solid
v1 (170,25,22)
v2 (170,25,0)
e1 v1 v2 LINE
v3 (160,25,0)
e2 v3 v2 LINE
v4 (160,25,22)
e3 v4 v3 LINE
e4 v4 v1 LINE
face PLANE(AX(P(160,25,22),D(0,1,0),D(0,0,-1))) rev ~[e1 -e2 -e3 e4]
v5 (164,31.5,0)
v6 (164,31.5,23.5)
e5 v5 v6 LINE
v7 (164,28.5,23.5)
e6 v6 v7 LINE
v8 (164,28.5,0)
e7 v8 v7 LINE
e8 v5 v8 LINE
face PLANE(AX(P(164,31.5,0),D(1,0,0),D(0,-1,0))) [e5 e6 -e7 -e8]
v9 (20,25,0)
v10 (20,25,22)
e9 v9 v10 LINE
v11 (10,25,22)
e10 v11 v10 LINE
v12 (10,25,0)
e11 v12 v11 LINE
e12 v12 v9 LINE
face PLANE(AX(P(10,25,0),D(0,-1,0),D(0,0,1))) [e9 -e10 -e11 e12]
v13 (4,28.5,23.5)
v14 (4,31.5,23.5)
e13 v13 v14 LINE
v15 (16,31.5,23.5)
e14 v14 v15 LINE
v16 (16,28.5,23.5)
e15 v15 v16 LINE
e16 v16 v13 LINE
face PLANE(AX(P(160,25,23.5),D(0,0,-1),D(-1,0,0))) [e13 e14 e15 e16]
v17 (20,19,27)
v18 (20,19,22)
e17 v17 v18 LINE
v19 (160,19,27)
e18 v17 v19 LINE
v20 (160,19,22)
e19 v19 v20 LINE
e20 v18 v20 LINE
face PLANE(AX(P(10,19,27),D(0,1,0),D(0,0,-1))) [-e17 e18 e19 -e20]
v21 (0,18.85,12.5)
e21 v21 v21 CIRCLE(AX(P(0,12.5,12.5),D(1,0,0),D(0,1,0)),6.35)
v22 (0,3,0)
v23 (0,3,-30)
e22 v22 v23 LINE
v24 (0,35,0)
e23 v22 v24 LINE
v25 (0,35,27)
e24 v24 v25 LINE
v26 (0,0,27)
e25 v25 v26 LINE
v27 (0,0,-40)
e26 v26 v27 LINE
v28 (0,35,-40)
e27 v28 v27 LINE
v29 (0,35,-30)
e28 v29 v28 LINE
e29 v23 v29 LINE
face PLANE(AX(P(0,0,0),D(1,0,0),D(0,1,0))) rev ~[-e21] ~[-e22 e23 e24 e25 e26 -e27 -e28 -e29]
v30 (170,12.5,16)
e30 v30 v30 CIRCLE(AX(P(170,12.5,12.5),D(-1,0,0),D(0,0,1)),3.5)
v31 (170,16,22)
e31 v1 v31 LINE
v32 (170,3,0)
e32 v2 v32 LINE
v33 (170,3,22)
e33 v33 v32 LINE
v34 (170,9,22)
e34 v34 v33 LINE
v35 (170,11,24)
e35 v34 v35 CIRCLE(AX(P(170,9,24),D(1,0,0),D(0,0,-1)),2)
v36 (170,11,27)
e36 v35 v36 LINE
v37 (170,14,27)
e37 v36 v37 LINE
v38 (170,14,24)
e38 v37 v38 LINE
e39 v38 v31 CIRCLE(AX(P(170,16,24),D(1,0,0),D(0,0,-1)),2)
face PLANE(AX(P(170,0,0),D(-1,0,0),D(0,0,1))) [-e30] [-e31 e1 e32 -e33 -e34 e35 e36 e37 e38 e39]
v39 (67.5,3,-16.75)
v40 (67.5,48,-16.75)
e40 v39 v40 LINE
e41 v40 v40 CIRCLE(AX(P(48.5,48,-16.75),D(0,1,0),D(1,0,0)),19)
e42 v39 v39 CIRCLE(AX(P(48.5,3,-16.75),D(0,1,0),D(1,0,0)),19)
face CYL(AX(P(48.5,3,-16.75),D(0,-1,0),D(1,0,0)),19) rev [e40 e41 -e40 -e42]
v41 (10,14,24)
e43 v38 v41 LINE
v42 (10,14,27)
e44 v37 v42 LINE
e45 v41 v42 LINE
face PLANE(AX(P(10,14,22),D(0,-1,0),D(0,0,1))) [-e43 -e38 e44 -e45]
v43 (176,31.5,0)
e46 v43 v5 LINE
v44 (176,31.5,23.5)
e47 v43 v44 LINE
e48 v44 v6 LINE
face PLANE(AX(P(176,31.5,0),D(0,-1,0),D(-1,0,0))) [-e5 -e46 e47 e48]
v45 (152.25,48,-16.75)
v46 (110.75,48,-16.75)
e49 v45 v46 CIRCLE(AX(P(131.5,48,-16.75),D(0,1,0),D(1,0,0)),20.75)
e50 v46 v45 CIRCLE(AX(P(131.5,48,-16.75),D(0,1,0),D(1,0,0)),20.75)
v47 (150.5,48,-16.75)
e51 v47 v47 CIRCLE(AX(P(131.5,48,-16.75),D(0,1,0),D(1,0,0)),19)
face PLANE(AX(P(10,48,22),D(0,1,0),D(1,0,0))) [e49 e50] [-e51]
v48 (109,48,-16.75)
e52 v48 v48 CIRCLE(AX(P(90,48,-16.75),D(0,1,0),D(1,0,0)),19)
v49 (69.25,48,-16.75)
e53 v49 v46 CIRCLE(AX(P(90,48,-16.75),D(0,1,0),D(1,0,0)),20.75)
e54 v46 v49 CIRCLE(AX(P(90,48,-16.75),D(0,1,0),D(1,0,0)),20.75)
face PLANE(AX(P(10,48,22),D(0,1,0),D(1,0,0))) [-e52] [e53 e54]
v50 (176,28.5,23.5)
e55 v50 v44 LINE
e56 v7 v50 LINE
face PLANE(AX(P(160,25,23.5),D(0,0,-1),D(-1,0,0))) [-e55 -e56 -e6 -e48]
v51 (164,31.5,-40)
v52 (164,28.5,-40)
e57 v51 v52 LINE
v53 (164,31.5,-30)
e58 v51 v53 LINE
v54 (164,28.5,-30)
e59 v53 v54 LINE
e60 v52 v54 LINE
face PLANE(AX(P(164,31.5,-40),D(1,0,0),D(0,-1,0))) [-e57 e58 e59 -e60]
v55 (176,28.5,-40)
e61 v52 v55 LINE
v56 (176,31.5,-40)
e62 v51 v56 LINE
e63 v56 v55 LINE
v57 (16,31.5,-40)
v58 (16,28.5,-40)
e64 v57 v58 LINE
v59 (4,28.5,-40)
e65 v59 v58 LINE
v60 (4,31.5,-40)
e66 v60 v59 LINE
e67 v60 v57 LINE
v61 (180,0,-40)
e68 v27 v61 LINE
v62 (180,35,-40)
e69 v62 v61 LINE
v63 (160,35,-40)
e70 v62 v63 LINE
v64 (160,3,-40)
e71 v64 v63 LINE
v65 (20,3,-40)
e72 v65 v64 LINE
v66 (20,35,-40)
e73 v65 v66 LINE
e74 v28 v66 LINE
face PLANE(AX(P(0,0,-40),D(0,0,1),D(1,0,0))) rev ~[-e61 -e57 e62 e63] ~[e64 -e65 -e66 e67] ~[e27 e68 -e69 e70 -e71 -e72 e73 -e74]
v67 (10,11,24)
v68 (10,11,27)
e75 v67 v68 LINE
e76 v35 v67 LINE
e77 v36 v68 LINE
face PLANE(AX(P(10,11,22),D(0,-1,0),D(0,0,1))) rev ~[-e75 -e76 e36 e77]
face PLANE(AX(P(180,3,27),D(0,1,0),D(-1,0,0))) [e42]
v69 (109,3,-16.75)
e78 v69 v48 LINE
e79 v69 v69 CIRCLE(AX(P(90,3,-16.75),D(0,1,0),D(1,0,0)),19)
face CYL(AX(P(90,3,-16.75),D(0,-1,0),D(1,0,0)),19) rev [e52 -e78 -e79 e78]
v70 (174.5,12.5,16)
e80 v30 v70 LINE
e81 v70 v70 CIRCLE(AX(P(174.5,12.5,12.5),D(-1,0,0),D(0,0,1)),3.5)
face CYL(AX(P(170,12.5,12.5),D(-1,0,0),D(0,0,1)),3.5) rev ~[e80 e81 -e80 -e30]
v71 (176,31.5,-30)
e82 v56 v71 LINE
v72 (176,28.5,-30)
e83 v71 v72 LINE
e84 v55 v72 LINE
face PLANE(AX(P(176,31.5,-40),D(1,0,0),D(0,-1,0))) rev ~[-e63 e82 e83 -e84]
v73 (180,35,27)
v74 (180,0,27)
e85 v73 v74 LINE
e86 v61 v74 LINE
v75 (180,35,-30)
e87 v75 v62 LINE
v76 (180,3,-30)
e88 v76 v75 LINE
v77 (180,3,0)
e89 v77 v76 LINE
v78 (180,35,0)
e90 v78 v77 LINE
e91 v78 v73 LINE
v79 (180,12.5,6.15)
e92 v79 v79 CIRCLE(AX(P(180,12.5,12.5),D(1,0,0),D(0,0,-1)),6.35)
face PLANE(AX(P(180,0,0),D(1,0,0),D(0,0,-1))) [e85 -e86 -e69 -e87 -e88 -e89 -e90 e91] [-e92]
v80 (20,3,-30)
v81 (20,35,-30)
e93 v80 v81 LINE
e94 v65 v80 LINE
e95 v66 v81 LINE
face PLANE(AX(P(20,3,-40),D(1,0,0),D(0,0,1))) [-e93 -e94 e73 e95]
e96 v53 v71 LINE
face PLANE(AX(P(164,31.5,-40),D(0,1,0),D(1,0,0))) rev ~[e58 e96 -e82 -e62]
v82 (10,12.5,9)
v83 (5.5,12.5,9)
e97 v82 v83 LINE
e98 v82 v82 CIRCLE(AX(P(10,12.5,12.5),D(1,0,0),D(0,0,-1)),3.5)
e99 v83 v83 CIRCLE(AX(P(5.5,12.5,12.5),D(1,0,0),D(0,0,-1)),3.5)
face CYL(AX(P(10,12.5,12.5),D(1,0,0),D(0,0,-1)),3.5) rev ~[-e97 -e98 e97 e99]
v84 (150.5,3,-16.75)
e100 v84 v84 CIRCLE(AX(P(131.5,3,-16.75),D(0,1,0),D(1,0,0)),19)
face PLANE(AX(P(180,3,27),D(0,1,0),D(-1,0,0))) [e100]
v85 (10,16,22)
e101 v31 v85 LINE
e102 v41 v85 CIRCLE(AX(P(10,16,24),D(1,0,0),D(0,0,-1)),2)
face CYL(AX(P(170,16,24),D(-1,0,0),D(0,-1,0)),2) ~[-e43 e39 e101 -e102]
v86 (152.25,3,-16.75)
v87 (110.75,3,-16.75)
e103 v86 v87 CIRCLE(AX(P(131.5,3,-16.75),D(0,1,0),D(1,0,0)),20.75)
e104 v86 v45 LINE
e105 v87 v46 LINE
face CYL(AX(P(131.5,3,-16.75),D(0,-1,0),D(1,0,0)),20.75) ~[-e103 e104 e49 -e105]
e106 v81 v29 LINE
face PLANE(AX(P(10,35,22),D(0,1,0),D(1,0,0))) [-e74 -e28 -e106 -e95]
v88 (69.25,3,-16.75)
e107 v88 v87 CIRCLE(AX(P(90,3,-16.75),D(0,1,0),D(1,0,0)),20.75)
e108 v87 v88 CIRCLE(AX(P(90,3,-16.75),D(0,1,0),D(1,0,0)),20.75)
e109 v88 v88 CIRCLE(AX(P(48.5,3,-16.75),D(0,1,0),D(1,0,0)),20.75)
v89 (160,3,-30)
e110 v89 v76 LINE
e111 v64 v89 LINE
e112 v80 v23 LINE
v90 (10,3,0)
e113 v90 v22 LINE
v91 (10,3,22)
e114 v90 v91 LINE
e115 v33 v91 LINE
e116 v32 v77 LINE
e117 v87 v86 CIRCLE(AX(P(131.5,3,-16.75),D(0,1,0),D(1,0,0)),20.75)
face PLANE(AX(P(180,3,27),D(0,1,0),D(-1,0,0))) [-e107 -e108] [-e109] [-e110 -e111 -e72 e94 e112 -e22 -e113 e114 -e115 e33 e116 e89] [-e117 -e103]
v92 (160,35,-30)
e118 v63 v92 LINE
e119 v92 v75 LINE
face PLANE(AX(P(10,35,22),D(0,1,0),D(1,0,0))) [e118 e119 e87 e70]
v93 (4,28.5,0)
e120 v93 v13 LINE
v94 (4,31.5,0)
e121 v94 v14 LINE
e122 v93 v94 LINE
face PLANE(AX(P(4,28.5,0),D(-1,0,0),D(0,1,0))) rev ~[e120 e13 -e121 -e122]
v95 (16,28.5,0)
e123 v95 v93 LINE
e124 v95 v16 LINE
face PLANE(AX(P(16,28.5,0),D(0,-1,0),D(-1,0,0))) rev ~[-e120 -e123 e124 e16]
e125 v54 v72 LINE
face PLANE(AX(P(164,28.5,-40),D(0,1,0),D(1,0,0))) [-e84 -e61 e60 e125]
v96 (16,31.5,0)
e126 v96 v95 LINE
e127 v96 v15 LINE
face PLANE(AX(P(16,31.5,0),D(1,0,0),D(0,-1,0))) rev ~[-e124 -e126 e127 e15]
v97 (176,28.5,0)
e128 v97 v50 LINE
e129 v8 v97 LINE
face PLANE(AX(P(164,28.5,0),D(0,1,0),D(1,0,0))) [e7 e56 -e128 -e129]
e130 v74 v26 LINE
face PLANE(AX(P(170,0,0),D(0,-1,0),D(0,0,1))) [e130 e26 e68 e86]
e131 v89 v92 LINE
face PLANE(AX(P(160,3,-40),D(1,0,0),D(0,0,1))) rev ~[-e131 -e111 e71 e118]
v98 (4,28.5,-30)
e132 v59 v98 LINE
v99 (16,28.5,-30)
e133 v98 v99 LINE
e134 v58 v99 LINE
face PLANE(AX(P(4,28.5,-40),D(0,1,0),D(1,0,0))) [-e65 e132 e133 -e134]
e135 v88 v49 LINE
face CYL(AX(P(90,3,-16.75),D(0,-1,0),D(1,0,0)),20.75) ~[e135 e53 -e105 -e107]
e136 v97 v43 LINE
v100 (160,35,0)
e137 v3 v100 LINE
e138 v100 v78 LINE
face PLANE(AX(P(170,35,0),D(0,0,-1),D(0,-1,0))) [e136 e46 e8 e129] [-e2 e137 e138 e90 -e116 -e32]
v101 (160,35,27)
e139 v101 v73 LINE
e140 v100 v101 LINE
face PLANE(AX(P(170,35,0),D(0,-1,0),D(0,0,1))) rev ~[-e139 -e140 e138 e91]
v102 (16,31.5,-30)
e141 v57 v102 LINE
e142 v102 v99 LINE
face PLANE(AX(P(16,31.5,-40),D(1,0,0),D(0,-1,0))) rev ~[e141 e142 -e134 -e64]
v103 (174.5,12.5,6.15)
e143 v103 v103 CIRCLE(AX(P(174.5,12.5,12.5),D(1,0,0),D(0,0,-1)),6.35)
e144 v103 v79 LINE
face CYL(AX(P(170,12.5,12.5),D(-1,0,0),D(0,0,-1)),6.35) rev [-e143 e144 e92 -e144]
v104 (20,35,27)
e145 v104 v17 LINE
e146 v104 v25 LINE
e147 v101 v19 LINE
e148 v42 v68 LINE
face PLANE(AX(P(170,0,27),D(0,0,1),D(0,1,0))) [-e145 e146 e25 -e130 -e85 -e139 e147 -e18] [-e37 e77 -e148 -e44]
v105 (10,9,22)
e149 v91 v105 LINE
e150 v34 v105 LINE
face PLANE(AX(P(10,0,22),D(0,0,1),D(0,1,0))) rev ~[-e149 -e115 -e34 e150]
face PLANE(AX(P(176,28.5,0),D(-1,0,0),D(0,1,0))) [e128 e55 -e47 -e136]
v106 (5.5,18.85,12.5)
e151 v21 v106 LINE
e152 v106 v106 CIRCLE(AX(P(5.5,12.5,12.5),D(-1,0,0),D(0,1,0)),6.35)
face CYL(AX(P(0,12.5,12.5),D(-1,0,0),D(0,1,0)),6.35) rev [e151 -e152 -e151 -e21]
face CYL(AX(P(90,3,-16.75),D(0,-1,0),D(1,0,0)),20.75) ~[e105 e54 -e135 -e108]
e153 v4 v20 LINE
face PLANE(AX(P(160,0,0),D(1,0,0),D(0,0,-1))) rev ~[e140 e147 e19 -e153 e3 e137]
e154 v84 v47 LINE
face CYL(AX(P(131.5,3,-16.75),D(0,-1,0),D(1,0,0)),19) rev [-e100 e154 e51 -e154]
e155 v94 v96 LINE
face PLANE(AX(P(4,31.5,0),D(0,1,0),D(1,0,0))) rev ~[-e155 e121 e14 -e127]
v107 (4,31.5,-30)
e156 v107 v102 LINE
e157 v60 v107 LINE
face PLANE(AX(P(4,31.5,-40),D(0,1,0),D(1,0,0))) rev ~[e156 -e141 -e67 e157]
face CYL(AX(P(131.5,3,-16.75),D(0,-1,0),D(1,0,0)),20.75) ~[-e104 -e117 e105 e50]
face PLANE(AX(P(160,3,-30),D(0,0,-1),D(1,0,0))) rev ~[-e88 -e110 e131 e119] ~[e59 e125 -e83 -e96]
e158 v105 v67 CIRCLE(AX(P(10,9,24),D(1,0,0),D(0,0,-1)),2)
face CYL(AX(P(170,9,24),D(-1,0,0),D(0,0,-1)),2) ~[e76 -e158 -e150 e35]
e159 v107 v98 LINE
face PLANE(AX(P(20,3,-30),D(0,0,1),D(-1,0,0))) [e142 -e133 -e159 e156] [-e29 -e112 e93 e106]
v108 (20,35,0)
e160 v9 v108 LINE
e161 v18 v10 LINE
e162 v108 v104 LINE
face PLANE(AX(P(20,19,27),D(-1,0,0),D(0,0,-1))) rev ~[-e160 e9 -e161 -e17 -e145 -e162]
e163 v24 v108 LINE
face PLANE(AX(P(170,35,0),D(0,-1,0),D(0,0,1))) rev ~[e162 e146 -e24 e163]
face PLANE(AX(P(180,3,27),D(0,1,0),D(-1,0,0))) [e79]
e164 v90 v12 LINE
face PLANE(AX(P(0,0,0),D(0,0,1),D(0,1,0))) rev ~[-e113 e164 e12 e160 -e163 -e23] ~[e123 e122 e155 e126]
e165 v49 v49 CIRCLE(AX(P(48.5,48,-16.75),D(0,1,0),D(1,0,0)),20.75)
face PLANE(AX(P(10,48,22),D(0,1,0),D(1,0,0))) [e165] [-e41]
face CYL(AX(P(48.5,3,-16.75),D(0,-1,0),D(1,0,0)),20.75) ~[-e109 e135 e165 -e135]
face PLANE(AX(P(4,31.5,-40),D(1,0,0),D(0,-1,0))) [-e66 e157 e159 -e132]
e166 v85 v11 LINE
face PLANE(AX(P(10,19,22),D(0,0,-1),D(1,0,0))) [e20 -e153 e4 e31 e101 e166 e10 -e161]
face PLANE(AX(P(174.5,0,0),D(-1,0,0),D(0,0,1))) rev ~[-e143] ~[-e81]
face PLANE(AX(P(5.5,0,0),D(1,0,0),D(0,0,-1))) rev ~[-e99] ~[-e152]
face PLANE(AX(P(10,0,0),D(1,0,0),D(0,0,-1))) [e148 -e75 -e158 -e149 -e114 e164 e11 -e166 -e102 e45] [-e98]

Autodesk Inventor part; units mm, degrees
ref_plane "YZ Plane" through (0, 0, 0) normal (1, 0, 0) x (0, 1, 0)
ref_plane "XZ Plane" through (0, 0, 0) normal (0, 1, 0) x (-1, 0, 0)
ref_plane "XY Plane" through (0, 0, 0) normal (0, 0, 1) x (1, 0, 0)
sketch "Sketch1" plane through (0, 0, 0) normal (1, 0, 0) x (0, 1, 0)
  line L0 (0, 0) -> (35, 0)
  line L1 (35, 0) -> (35, 27)
  line L2 (35, 27) -> (0, 27)
  line L3 (0, 27) -> (0, 0)
  line L4 (0, 27) -> (25, 27) construction
  line L5 (25, 27) -> (25, 0) construction
  line L6 (25, 0) -> (0, 0) construction
  line L7 (0, 0) -> (0, 27) construction
  circle A0 centre (12.5, 12.5) radius 6.35
  dimension "d0" = 35
  dimension "d1" = 27
  dimension "d2" = 25
  dimension "d3" = 12.7
extrude "Extrusion1" add sketch "Sketch1" along normal blind 10
sketch "Sketch2" plane through (10, 0, 0) normal (1, 0, 0) x (0, 0, -1)
  line L0 (0, 35) -> (-27, 35) projected
  line L1 (0, 0) -> (0, 35) projected
  line L2 (-27, 35) -> (0, 35)
  line L3 (0, 35) -> (0, 25)
  line L4 (0, 25) -> (-27, 25)
  line L5 (-27, 25) -> (-27, 35)
  dimension "d6" = 10
extrude "Extrusion2" add sketch "Sketch2" along normal blind 10
sketch "Sketch3" plane through (10, 0, 0) normal (1, 0, 0) x (0, 0, -1)
  point P0 (0, 0)
sketch "Sketch4" plane through (0, 0, 0) normal (0, 0, -1) x (-1, 0, 0)
  point P0 (0, 0)
sketch "Sketch5" plane through (10, 0, 0) normal (1, 0, 0) x (0, 0, -1)
  point P0 (0, 0)
sketch "Sketch6" plane through (10, 0, 0) normal (1, 0, 0) x (0, 0, -1)
  line L0 (-27, 25) -> (-27, 0) projected
  line L1 (-27, 0) -> (-22, 0)
  line L2 (-22, 0) -> (-22, 11)
  line L3 (-22, 11) -> (-27, 11)
  line L4 (-27, 11) -> (-27, 0)
  line L5 (-22, 14) -> (-27, 14)
  line L6 (-27, 14) -> (-27, 19)
  line L7 (-27, 19) -> (-22, 19)
  line L8 (-22, 19) -> (-22, 14)
  point P0 (0, 0)
  dimension "d9" = 5
  dimension "d10" = 11
  dimension "d11" = 5
extrude "Extrusion3" add sketch "Sketch6" along normal blind 150
sketch "Sketch7" plane through (10, 19, 27) normal (0, 1, 0) x (1, 0, 0)
  line L0 (-10, 0) -> (10, 0) projected
  line L1 (0, 5) -> (150, 5) projected
  line L2 (0, 0) -> (10, 0)
  line L3 (10, 0) -> (10, 5)
  line L4 (10, 5) -> (0, 5)
  line L5 (0, 5) -> (0, 0)
  point P0 (-10, 27)
  dimension "d14" = 10
extrude "Extrusion4" add sketch "Sketch7" along normal blind 7.5
sketch "Sketch8" plane through (160, 0, 0) normal (1, 0, 0) x (0, 0, -1)
  line L0 (-27, 14) -> (-22, 14) projected
  line L1 (-27, 14) -> (-22, 14)
  line L2 (-22, 25) -> (-22, 14) projected
  line L3 (-22, 14) -> (-22, 25)
  line L4 (-22, 25) -> (0, 25) projected
  line L5 (-22, 25) -> (0, 25)
  line L6 (0, 25) -> (0, 35) projected
  line L7 (0, 25) -> (0, 35)
  line L8 (0, 35) -> (-27, 35)
  line L9 (-27, 35) -> (-27, 14)
  line L10 (-22, 11) -> (-22, 0) projected
  line L11 (-27, 0) -> (-22, 0)
  line L12 (-22, 0) -> (-22, 11)
  line L13 (-22, 11) -> (-27, 11)
  line L14 (-27, 11) -> (-27, 0)
  point P0 (0, 0)
extrude "Extrusion5" add sketch "Sketch8" along normal blind 10
sketch "Sketch9" plane through (170, 0, 0) normal (1, 0, 0) x (0, 0, -1)
  line L0 (0, 35) -> (-27, 35) projected
  line L1 (-27, 35) -> (0, 35)
  line L2 (0, 35) -> (0, 0)
  line L3 (0, 0) -> (-27, 0)
  line L4 (-27, 0) -> (-27, 35)
  circle A0 centre (-12.5, 12.5) radius 6.35 projected
  circle A1 centre (-12.5, 12.5) radius 6.35
extrude "Extrusion6" add sketch "Sketch9" along normal blind 10
fillet "Fillet1" radius 2 2 edges at (90, 11, 22) (90, 14, 22)
sketch "Sketch10" plane through (20, 0, 0) normal (1, 0, 0) x (0, 0, -1)
  line L0 (0, 35) -> (-27, 35) projected
  line L1 (-13.5, 35) -> (-20.5, 35)
  line L2 (-20.5, 35) -> (-6.5, 35)
  line L3 (-20.5, 35) -> (-6.5, 35)
  line L4 (-6.5, 35) -> (-6.5, 32)
  line L5 (-6.5, 32) -> (-20.5, 32)
  line L6 (-20.5, 32) -> (-20.5, 35)
  point P0 (0, 0)
  dimension "d22" = 7
  dimension "d23" = 14
  dimension "d24" = 3
extrude "Extrusion7" add sketch "Sketch10" along normal blind 140
sketch "Sketch11" plane through (0, 35, 27) normal (0, 1, 0) x (1, 0, 0)
  point P0 (0, 27)
sketch "Sketch12" plane through (160, 25, 0) normal (0, 0, -1) x (-1, 0, 0)
  line L0 (-4, 3.5) -> (-16, 3.5)
  line L1 (-16, 3.5) -> (-16, 6.5)
  line L2 (-16, 6.5) -> (-4, 6.5)
  line L3 (-4, 6.5) -> (-4, 3.5)
  line L4 (-4, 3.5) -> (-16, 6.5) construction
  line L5 (-16, 3.5) -> (-4, 6.5) construction
  line L6 (156, 6.5) -> (144, 6.5)
  line L7 (144, 6.5) -> (144, 3.5)
  line L8 (144, 3.5) -> (156, 3.5)
  line L9 (156, 3.5) -> (156, 6.5)
  line L10 (156, 6.5) -> (144, 3.5) construction
  line L11 (144, 6.5) -> (156, 3.5) construction
  point P0 (160, -25)
  point P1 (-10, 5)
  point P2 (150, 5)
  dimension "d27" = 12
  dimension "d28" = 3
  dimension "d29" = 12
  dimension "d30" = 3
extrude "Extrusion8" cut sketch "Sketch12" against normal blind 23.5
sketch "Sketch13" plane through (0, 0, 0) normal (-1, 0, 0) x (0, 0, 1)
  circle A0 centre (12.5, 12.5) radius 6.35 construction
  circle A1 centre (12.5, 12.5) radius 20.6375 construction
  point P0 (0, 0)
  dimension "d33" = 41.275
sketch "Sketch14" plane through (170, 0, 0) normal (-1, 0, 0) x (0, 0, 1)
  circle A0 centre (12.5, 12.5) radius 6.35 projected
  circle A1 centre (12.5, 12.5) radius 6.35
  circle A2 centre (12.5, 12.5) radius 3.5
  point P0 (0, 0)
  dimension "d34" = 7
extrude "Extrusion9" add sketch "Sketch14" against normal blind 4.5
sketch "Sketch15" plane through (10, 0, 0) normal (1, 0, 0) x (0, 0, -1)
  circle A0 centre (-12.5, 12.5) radius 3.5 projected
  circle A1 centre (-12.5, 12.5) radius 6.35
  circle A2 centre (-12.5, 12.5) radius 3.5
  point P0 (0, 0)
  dimension "d37" = 7
extrude "Extrusion10" add sketch "Sketch15" against normal blind 4.5
sketch "Sketch16" plane through (0, 0, 27) normal (0, 0, 1) x (1, 0, 0)
  point P0 (0, 0)
sketch "Sketch17" plane through (0, 0, 27) normal (0, 0, 1) x (1, 0, 0)
  point P0 (0, 0)
sketch "Sketch18" plane through (0, 0, 27) normal (0, 0, 1) x (1, 0, 0)
  line L0 (0, 35) -> (0, 0) projected
  line L1 (180, 35) -> (180, 0) projected
  line L2 (0, 0) -> (180, 0)
  line L3 (180, 0) -> (180, 3)
  line L4 (180, 3) -> (0, 3)
  line L5 (0, 3) -> (0, 0)
  point P0 (0, 3)
  dimension "d40" = 3
extrude "Extrusion11" add sketch "Sketch18" against normal blind 67
sketch "Sketch19" plane through (0, 3, 27) normal (0, 1, 0) x (-1, 0, 0)
  line L0 (180, 0) -> (180, -42) construction
  point P0 (0, 0)
sketch "Sketch20" plane through (0, 3, -40) normal (0, 1, 0) x (1, 0, 0)
  circle A0 centre (90, -20) radius 19
  circle A1 centre (90, -20) radius 20
  circle A2 centre (50, -20) radius 20
  circle A3 centre (50, -20) radius 19
  circle A4 centre (130, -20) radius 20
  circle A5 centre (130, -20) radius 19
  point P0 (0, -40)
  point P1 (110, -20)
  point P2 (70, -20)
  dimension "d43" = 38
  dimension "d44" = 38
  dimension "d45" = 38
extrude "Extrusion12" add sketch "Sketch20" along normal blind 30
sketch "Sketch21" plane through (10, 3, 22) normal (0, 1, 0) x (1, 0, 0)
  line L0 (-10, 22) -> (-10, 62) projected
  line L1 (-10, 62) -> (10, 62)
  line L2 (10, 62) -> (10, 52)
  line L3 (10, 52) -> (-10, 52)
  line L4 (-10, 52) -> (-10, 62)
  line L5 (170, 62) -> (-10, 62) projected
  line L6 (170, 62) -> (150, 62)
  line L7 (150, 62) -> (150, 52)
  line L8 (150, 52) -> (170, 52)
  line L9 (170, 52) -> (170, 62)
  dimension "d48" = 10
  dimension "d49" = 10
extrude "Extrusion13" add sketch "Sketch21" along normal blind 32
sketch "Sketch22" plane through (4, 28.5, 0) normal (0, 1, 0) x (1, 0, 0)
  point P0 (-4, 0)
sketch "Sketch23" plane through (0, 0, -40) normal (0, 0, -1) x (-1, 0, 0)
  line L0 (-4, 28.5) -> (-16, 28.5) projected
  line L1 (-4, 31.5) -> (-4, 28.5) projected
  line L2 (-16, 28.5) -> (-4, 28.5)
  line L3 (-4, 28.5) -> (-4, 31.5)
  line L4 (-4, 31.5) -> (-16, 31.5)
  line L5 (-16, 31.5) -> (-16, 28.5)
  line L6 (-164, 28.5) -> (-176, 28.5) projected
  line L7 (-164, 31.5) -> (-164, 28.5) projected
  line L8 (-176, 28.5) -> (-164, 28.5)
  line L9 (-164, 28.5) -> (-164, 31.5)
  line L10 (-164, 31.5) -> (-176, 31.5)
  line L11 (-176, 31.5) -> (-176, 28.5)
  point P0 (0, 0)
extrude "Extrusion14" cut sketch "Sketch23" against normal blind 10
sketch "Sketch24" plane through (130, 33, -20) normal (0, 1, 0) x (1, 0, 0)
  line L0 (27.2959, -23.1323) -> (-103.8128, -23.1323)
  line L1 (-103.8128, -23.1323) -> (-103.8128, 25.7271)
  line L2 (-103.8128, 25.7271) -> (27.2959, 25.7271)
  line L3 (27.2959, 25.7271) -> (27.2959, -23.1323)
  point P0 (-130, -20)
extrude "Extrusion15" cut sketch "Sketch24" against normal blind 30
sketch "Sketch25" plane through (10, 3, 22) normal (0, 1, 0) x (1, 0, 0)
  circle A0 centre (80, 38.75) radius 19
  circle A1 centre (80, 38.75) radius 20.75
  circle A2 centre (121.5, 38.75) radius 20.75
  circle A3 centre (121.5, 38.75) radius 19
  circle A4 centre (38.5, 38.75) radius 20.75
  circle A5 centre (38.5, 38.75) radius 19
  point P0 (-10, 22)
  point P1 (59.25, 38.75)
  point P2 (100.75, 38.75)
  dimension "d56" = 38
  dimension "d57" = 41.5
  dimension "d58" = 38
  dimension "d59" = 38
extrude "Extrusion16" add sketch "Sketch25" along normal blind 45
sketch "Sketch26" plane through (0, 35, 27) normal (0, 1, 0) x (1, 0, 0)
  line L0 (20, 6.5) -> (160, 6.5) projected
  line L1 (20, 20.5) -> (160, 20.5) projected
  line L2 (20, 6.5) -> (160, 6.5)
  line L3 (160, 6.5) -> (160, 20.5)
  line L4 (160, 20.5) -> (20, 20.5)
  line L5 (20, 20.5) -> (20, 6.5)
  point P0 (0, 27)
extrude "Extrusion17" cut sketch "Sketch26" against normal blind 5
properties part number "_3DPrint"
